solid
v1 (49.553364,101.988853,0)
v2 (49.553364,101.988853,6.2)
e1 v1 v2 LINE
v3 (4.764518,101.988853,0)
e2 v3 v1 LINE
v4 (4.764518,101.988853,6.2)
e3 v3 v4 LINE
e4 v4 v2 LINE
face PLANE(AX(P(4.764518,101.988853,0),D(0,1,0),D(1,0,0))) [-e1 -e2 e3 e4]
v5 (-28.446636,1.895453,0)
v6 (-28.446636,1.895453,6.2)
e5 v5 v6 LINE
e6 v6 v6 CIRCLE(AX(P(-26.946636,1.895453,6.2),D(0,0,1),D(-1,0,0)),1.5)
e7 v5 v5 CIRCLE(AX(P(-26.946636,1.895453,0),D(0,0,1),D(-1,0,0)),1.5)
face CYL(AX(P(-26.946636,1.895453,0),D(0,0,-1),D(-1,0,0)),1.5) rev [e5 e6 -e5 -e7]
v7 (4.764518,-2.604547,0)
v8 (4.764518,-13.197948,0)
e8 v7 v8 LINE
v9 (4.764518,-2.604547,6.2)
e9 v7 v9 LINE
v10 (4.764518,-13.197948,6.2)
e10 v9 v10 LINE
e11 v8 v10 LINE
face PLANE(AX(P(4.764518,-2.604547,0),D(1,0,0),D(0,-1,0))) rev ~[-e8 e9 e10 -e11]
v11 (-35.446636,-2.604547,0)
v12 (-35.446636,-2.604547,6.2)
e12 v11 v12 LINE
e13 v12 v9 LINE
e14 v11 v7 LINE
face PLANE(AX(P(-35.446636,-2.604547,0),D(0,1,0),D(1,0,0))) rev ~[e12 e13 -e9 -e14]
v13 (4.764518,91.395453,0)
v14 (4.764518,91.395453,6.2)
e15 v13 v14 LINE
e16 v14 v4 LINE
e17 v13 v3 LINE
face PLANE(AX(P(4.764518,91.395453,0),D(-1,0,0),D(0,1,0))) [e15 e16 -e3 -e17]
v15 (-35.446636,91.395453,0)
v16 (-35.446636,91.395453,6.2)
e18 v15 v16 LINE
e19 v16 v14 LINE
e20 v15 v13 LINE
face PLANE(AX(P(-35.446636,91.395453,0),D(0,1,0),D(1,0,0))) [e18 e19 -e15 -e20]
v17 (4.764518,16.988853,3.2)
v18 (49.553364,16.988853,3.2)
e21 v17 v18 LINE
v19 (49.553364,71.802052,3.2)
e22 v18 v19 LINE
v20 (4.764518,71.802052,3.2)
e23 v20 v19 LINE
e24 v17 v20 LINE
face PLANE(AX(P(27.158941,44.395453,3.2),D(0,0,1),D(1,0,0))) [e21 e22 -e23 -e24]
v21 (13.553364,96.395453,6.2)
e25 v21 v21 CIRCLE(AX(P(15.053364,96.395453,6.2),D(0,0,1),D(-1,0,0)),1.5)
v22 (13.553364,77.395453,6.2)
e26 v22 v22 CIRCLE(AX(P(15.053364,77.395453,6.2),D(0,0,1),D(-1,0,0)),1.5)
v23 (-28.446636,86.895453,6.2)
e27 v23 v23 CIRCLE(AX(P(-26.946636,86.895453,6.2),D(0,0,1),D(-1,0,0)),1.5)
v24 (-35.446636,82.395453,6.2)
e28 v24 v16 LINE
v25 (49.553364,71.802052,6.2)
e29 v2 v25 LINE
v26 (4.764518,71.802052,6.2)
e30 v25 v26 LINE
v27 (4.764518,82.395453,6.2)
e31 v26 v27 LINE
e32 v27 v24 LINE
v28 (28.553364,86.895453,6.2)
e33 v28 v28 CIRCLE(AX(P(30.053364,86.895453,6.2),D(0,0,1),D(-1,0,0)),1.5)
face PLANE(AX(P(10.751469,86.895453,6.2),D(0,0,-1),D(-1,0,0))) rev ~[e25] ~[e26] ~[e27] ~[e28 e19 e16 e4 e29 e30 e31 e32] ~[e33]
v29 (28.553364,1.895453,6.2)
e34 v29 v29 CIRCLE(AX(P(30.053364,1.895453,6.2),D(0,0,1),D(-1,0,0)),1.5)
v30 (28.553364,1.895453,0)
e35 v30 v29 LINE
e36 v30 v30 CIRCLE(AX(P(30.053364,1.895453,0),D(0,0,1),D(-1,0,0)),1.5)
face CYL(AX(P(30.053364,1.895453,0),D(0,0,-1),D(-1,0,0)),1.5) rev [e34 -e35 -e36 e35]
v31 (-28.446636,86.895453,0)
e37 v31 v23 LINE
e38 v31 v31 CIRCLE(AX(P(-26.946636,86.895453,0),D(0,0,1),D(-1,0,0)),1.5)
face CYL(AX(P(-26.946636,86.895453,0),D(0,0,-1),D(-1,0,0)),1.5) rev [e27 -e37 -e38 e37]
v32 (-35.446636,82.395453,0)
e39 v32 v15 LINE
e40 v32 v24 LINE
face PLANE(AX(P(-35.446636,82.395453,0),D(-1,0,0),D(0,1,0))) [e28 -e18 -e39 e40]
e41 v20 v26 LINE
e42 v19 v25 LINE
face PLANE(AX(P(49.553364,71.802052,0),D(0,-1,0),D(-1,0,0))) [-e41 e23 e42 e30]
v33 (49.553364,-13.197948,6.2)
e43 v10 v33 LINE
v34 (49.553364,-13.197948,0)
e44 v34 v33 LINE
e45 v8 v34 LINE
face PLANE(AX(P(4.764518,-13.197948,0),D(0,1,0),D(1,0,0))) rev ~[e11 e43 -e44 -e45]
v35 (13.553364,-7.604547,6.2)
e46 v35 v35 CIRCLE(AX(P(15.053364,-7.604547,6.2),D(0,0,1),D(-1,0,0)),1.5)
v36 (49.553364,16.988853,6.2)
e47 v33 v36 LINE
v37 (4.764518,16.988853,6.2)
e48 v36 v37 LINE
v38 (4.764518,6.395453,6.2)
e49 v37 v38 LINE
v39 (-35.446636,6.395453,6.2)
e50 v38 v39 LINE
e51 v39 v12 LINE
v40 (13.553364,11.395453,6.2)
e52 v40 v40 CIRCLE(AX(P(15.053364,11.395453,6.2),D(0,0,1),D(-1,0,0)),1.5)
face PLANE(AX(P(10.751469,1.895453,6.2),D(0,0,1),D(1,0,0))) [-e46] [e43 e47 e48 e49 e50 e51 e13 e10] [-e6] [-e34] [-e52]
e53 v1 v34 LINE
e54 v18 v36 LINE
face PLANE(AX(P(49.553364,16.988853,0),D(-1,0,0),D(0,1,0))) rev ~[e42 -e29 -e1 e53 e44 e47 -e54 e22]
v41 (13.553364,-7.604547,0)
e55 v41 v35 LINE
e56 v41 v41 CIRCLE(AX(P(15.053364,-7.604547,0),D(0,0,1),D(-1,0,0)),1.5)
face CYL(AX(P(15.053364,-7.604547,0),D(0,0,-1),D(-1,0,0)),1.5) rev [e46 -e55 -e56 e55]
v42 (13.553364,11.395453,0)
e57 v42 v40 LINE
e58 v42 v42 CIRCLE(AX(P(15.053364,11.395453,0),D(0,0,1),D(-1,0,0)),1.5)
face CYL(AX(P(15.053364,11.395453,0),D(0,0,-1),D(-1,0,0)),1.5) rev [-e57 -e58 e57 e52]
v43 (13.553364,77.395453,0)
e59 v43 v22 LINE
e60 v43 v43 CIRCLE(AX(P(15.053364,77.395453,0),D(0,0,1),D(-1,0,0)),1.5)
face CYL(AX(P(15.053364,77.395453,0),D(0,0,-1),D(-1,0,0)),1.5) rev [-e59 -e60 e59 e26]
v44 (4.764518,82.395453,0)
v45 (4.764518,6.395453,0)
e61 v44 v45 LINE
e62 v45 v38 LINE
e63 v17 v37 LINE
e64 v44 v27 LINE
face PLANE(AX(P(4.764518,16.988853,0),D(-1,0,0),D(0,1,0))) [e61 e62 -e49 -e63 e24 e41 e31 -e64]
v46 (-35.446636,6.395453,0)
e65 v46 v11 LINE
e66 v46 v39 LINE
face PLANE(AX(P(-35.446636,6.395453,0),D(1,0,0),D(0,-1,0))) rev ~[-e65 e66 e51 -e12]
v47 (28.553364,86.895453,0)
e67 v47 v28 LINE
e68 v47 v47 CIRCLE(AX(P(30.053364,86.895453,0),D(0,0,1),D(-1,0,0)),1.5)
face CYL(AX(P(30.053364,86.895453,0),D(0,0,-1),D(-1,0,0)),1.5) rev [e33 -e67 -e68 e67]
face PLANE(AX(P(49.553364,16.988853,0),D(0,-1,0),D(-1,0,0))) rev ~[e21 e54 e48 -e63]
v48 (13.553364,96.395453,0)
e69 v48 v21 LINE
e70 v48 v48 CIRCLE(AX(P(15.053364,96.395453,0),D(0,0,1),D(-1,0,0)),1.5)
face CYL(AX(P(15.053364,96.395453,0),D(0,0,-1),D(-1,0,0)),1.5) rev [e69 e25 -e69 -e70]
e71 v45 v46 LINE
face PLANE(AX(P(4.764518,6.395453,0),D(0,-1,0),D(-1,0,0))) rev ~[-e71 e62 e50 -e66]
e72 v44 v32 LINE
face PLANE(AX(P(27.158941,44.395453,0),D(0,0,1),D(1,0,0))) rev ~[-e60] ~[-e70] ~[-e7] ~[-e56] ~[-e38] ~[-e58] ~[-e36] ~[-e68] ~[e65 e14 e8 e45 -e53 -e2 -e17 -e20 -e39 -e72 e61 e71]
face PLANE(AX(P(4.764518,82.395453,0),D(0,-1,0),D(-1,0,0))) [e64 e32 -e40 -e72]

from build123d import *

# Parameters (mm, degrees)
ESBO_O1_R                  = 1.5
RESSALTO_EXTRUS_O3_DEPTH   = 6.2
RESSALTO_EXTRUS_O3_2_DEPTH = 6.2
ESBO_O1_7_W                = 44.78884621
ESBO_O1_7_H                = 54.813199192
RESSALTO_EXTRUS_O4_DEPTH   = 3.2


with BuildPart() as part:
    # Esboço1 → Ressalto-extrusão3 (new body)
    with BuildSketch(Plane.XY):
        Polygon((49.553364079, 16.988852919), (4.764517869, 16.988852919), (4.764517869, 6.395452515), (-35.446635921, 6.395452515), (-35.446635921, -2.604547485), (4.764517869, -2.604547485), (4.764517869, -13.197947889), (49.553364079, -13.197947889), align=None)
        with Locations((-26.946635921, 1.895452515)):
            Circle(ESBO_O1_R, mode=Mode.SUBTRACT)
        with Locations((15.053364079, -7.604547485)):
            Circle(ESBO_O1_R, mode=Mode.SUBTRACT)
        with Locations((15.053364079, 11.395452515)):
            Circle(ESBO_O1_R, mode=Mode.SUBTRACT)
        with Locations((30.053364079, 1.895452515)):
            Circle(ESBO_O1_R, mode=Mode.SUBTRACT)
    extrude(amount=RESSALTO_EXTRUS_O3_DEPTH)



with BuildPart() as body_2:
    # Esboço1 → Ressalto-extrus_o3 2 (new body)
    with BuildSketch(Plane.XY):
        Polygon((4.764517869, 82.395452515), (4.764517869, 71.802052111), (49.553364079, 71.802052111), (49.553364079, 101.988852919), (4.764517869, 101.988852919), (4.764517869, 91.395452515), (-35.446635921, 91.395452515), (-35.446635921, 82.395452515), align=None)
        with Locations((-26.946635921, 86.895452515)):
            Circle(ESBO_O1_R, mode=Mode.SUBTRACT)
        with Locations((15.053364079, 77.395452515)):
            Circle(ESBO_O1_R, mode=Mode.SUBTRACT)
        with Locations((15.053364079, 96.395452515)):
            Circle(ESBO_O1_R, mode=Mode.SUBTRACT)
        with Locations((30.053364079, 86.895452515)):
            Circle(ESBO_O1_R, mode=Mode.SUBTRACT)
    extrude(amount=RESSALTO_EXTRUS_O3_2_DEPTH)


with BuildPart() as part_1:
    add(part.part)

    add(body_2.part)  # Ressalto-extrusão4 merges body 2
    # Esboço1<7> → Ressalto-extrusão4 (add)
    with BuildSketch(Plane.XY):
        with Locations((27.158940974, 44.395452515)):
            Rectangle(ESBO_O1_7_W, ESBO_O1_7_H)
    extrude(amount=RESSALTO_EXTRUS_O4_DEPTH)


solid = part_1.part
